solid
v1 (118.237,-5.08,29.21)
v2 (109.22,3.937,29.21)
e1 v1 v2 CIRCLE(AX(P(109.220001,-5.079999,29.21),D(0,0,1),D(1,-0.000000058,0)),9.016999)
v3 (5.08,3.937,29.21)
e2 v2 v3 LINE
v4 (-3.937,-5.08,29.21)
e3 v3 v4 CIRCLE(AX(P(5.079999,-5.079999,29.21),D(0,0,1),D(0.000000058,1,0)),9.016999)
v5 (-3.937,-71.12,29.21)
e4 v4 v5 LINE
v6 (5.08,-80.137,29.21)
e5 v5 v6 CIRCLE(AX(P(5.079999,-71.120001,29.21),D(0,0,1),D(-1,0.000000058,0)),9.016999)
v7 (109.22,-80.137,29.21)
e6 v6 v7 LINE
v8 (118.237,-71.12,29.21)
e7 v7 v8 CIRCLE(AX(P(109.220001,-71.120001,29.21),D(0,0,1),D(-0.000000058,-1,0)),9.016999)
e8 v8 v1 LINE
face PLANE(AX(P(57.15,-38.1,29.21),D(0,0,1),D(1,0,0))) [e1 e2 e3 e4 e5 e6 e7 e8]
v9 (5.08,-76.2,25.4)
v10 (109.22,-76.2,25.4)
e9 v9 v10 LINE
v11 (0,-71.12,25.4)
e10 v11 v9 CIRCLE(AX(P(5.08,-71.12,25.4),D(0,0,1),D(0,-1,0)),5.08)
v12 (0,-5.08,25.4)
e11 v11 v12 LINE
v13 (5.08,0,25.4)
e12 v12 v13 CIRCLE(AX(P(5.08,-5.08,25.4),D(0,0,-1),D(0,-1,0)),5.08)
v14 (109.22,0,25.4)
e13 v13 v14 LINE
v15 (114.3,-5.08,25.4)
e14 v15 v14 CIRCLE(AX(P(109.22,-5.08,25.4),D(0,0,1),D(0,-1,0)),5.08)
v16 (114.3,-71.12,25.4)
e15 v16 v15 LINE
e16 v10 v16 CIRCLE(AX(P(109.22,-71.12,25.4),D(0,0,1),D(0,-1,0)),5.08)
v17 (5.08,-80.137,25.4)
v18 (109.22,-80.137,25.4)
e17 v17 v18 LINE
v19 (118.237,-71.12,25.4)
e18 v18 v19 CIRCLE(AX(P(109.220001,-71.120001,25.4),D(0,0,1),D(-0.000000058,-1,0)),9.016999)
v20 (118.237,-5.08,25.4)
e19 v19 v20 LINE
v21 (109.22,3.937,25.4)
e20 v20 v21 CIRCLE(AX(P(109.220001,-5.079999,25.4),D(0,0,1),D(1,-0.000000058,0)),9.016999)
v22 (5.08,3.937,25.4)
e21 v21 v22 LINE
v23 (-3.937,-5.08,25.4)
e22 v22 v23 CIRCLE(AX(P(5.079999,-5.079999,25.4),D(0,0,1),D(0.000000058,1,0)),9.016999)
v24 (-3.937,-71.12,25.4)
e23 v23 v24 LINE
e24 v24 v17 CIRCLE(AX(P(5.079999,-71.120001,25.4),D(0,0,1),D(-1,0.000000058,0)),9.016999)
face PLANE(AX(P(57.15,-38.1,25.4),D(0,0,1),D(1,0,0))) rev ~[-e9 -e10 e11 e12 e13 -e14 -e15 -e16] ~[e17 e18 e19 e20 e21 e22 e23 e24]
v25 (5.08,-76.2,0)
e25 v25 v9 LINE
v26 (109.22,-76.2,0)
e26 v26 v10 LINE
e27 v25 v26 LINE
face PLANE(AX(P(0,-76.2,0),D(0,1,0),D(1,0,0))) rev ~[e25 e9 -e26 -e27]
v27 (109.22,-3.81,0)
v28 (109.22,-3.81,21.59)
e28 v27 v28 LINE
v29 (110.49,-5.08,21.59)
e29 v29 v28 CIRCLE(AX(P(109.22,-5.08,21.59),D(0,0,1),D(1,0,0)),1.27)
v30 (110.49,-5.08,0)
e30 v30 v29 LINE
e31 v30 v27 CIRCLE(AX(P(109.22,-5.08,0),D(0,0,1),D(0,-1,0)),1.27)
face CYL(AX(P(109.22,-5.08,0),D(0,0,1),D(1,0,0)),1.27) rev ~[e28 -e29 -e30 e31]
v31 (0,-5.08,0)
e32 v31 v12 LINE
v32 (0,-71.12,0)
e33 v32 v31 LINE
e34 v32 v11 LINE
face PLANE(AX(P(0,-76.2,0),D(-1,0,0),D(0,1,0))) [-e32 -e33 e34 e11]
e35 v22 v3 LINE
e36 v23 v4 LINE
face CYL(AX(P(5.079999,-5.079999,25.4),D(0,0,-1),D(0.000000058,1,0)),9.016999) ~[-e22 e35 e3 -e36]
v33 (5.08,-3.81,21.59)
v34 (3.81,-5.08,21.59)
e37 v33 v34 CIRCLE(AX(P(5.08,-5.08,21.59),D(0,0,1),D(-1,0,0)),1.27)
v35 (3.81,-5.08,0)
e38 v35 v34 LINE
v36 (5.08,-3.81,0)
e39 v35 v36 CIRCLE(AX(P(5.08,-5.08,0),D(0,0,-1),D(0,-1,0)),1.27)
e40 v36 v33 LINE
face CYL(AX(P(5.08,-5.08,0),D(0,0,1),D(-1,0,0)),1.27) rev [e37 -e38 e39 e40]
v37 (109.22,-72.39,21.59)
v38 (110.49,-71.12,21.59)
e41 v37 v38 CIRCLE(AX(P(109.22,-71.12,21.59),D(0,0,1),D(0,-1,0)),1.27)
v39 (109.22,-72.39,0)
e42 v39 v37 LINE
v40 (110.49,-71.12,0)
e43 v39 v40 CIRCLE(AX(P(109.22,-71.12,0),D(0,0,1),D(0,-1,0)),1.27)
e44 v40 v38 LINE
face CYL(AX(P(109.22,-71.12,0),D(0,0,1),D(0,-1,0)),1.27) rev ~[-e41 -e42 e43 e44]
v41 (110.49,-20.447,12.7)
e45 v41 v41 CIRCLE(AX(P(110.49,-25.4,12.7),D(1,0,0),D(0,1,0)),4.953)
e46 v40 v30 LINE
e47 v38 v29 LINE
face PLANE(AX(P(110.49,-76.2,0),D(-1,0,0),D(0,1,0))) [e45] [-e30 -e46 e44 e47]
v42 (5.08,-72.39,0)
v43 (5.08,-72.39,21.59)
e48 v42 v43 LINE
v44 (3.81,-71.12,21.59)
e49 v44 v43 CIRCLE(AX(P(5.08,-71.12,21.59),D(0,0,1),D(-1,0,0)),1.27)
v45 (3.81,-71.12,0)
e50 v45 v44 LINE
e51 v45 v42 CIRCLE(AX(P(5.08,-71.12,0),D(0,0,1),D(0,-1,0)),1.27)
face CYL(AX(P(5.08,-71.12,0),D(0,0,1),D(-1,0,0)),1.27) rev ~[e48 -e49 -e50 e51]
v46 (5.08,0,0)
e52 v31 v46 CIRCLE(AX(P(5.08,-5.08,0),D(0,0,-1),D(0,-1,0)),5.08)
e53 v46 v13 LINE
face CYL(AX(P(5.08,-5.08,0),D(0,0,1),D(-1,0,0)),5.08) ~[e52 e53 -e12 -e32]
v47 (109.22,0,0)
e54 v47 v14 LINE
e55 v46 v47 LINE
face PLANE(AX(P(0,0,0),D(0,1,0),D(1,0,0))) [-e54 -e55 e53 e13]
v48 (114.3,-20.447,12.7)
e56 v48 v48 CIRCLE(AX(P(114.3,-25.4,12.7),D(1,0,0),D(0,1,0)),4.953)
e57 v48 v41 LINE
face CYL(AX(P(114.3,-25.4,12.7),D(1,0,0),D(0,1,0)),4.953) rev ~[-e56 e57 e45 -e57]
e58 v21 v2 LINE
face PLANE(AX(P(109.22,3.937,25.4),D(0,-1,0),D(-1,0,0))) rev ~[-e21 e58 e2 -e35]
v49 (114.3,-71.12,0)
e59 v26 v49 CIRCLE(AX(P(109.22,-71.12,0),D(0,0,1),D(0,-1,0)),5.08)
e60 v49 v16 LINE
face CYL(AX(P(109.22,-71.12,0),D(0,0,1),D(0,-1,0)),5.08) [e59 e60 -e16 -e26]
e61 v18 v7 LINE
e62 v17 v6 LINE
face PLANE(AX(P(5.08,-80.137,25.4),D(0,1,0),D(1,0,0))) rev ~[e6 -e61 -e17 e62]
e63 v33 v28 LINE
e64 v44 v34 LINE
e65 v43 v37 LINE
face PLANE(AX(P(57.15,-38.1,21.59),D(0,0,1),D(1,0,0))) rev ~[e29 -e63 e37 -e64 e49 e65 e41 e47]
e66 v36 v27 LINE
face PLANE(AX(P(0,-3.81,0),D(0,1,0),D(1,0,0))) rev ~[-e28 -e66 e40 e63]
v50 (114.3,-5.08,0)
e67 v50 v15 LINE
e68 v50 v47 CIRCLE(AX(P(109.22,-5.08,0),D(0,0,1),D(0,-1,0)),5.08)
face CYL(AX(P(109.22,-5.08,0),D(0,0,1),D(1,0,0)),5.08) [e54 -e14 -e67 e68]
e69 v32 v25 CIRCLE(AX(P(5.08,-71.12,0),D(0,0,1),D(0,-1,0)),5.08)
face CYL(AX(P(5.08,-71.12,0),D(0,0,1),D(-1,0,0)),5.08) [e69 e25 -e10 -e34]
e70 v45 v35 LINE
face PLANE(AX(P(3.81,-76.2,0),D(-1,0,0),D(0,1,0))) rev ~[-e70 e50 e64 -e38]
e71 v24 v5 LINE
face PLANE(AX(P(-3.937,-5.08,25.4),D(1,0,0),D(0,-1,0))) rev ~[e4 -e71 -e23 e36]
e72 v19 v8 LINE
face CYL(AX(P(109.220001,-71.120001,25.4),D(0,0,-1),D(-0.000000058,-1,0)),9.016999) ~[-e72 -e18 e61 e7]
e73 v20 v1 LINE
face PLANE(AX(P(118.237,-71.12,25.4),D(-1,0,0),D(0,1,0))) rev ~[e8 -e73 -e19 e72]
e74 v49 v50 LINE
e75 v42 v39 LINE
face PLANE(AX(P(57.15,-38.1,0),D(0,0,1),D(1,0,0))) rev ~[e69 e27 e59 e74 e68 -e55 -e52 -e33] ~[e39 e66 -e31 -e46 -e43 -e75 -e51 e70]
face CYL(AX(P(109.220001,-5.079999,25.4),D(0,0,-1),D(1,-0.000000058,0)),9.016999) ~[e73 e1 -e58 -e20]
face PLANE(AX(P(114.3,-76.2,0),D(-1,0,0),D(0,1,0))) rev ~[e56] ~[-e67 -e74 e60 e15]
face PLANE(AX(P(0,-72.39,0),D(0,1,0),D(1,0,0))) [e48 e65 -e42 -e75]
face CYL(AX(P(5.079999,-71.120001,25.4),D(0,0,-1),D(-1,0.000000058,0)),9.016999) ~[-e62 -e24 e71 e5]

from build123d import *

# Parameters (mm, degrees)
F0_W     = 114.3
F0_H     = 76.2
F1_DEPTH = 25.4
F2_R     = 5.08
F3_T     = -3.81
F4_R     = 4.953
F5_DEPTH = 25.4
F7_DEPTH = 3.81


with BuildPart() as f1:
    # F0 (on Top) → F1 (new body)
    with BuildSketch(Plane.XY):
        with Locations((57.15, -38.1)):
            Rectangle(F0_W, F0_H)
    extrude(amount=F1_DEPTH)

    # F2
    f2_edges = [f1.edges().sort_by_distance(p)[0] for p in [
        (114.3, 0, 12.7),
        (114.3, -76.2, 12.7),
        (0, 0, 12.7),
        (0, -76.2, 12.7),
    ]]
    fillet(f2_edges, radius=F2_R)

    # F3
    f3_openings = [f1.faces().sort_by_distance(p)[0] for p in [
        (57.15, -38.1, 0),
    ]]
    offset(amount=F3_T, openings=f3_openings)

    # F4 (on face) → F5 (cut)
    with BuildSketch(Plane.YZ.offset(114.3)):
        with Locations((-25.4, 12.7)):
            Circle(F4_R)
    extrude(amount=-F5_DEPTH, mode=Mode.SUBTRACT)

    # F6 (on face) → F7 (join)
    with BuildSketch(Plane.XY.offset(25.4)):
        with BuildLine():
            Line((109.22, 3.937), (5.08, 3.937))
            ThreePointArc((5.08, 3.937), (-1.295982, 1.295982), (-3.937, -5.08))
            Line((-3.937, -5.08), (-3.937, -71.12))
            ThreePointArc((-3.937, -71.12), (-1.295982, -77.495982), (5.08, -80.137))
            Line((5.08, -80.137), (109.22, -80.137))
            ThreePointArc((109.22, -80.137), (115.595982, -77.495982), (118.237, -71.12))
            Line((118.237, -71.12), (118.237, -5.08))
            ThreePointArc((118.237, -5.08), (115.595982, 1.295982), (109.22, 3.937))
        make_face()
        with BuildLine():
            ThreePointArc((-0.127, -5.08), (1.398095, -1.398095), (5.08, 0.127))
            Line((5.08, 0.127), (109.22, 0.127))
            ThreePointArc((109.22, 0.127), (112.901905, -1.398095), (114.427, -5.08))
            Line((114.427, -5.08), (114.427, -71.12))
            ThreePointArc((114.427, -71.12), (112.901905, -74.801905), (109.22, -76.327))
            Line((109.22, -76.327), (5.08, -76.327))
            ThreePointArc((5.08, -76.327), (1.398095, -74.801905), (-0.127, -71.12))
            Line((-0.127, -71.12), (-0.127, -5.08))
        make_face(mode=Mode.SUBTRACT)
        with BuildLine():
            Line((109.22, 0.127), (5.08, 0.127))
            ThreePointArc((5.08, 0.127), (1.398095, -1.398095), (-0.127, -5.08))
            Line((-0.127, -5.08), (-0.127, -71.12))
            ThreePointArc((-0.127, -71.12), (1.398095, -74.801905), (5.08, -76.327))
            Line((5.08, -76.327), (109.22, -76.327))
            ThreePointArc((109.22, -76.327), (112.901905, -74.801905), (114.427, -71.12))
            Line((114.427, -71.12), (114.427, -5.08))
            ThreePointArc((114.427, -5.08), (112.901905, -1.398095), (109.22, 0.127))
        make_face()
        with BuildLine():
            ThreePointArc((5.08, -76.2), (1.487898, -74.712102), (0, -71.12))
            Line((0, -71.12), (0, -5.08))
            ThreePointArc((0, -5.08), (1.487898, -1.487898), (5.08, 0))
            Line((5.08, 0), (109.22, 0))
            ThreePointArc((109.22, 0), (112.812102, -1.487898), (114.3, -5.08))
            Line((114.3, -5.08), (114.3, -71.12))
            ThreePointArc((114.3, -71.12), (112.812102, -74.712102), (109.22, -76.2))
            Line((109.22, -76.2), (5.08, -76.2))
        make_face(mode=Mode.SUBTRACT)
        with BuildLine():
            Line((0, -5.08), (0, -71.12))
            ThreePointArc((0, -71.12), (1.487898, -74.712102), (5.08, -76.2))
            Line((5.08, -76.2), (109.22, -76.2))
            ThreePointArc((109.22, -76.2), (112.812102, -74.712102), (114.3, -71.12))
            Line((114.3, -71.12), (114.3, -5.08))
            ThreePointArc((114.3, -5.08), (112.812102, -1.487898), (109.22, 0))
            Line((109.22, 0), (5.08, 0))
            ThreePointArc((5.08, 0), (1.487898, -1.487898), (0, -5.08))
        make_face()
    extrude(amount=F7_DEPTH)


solid = f1.part
